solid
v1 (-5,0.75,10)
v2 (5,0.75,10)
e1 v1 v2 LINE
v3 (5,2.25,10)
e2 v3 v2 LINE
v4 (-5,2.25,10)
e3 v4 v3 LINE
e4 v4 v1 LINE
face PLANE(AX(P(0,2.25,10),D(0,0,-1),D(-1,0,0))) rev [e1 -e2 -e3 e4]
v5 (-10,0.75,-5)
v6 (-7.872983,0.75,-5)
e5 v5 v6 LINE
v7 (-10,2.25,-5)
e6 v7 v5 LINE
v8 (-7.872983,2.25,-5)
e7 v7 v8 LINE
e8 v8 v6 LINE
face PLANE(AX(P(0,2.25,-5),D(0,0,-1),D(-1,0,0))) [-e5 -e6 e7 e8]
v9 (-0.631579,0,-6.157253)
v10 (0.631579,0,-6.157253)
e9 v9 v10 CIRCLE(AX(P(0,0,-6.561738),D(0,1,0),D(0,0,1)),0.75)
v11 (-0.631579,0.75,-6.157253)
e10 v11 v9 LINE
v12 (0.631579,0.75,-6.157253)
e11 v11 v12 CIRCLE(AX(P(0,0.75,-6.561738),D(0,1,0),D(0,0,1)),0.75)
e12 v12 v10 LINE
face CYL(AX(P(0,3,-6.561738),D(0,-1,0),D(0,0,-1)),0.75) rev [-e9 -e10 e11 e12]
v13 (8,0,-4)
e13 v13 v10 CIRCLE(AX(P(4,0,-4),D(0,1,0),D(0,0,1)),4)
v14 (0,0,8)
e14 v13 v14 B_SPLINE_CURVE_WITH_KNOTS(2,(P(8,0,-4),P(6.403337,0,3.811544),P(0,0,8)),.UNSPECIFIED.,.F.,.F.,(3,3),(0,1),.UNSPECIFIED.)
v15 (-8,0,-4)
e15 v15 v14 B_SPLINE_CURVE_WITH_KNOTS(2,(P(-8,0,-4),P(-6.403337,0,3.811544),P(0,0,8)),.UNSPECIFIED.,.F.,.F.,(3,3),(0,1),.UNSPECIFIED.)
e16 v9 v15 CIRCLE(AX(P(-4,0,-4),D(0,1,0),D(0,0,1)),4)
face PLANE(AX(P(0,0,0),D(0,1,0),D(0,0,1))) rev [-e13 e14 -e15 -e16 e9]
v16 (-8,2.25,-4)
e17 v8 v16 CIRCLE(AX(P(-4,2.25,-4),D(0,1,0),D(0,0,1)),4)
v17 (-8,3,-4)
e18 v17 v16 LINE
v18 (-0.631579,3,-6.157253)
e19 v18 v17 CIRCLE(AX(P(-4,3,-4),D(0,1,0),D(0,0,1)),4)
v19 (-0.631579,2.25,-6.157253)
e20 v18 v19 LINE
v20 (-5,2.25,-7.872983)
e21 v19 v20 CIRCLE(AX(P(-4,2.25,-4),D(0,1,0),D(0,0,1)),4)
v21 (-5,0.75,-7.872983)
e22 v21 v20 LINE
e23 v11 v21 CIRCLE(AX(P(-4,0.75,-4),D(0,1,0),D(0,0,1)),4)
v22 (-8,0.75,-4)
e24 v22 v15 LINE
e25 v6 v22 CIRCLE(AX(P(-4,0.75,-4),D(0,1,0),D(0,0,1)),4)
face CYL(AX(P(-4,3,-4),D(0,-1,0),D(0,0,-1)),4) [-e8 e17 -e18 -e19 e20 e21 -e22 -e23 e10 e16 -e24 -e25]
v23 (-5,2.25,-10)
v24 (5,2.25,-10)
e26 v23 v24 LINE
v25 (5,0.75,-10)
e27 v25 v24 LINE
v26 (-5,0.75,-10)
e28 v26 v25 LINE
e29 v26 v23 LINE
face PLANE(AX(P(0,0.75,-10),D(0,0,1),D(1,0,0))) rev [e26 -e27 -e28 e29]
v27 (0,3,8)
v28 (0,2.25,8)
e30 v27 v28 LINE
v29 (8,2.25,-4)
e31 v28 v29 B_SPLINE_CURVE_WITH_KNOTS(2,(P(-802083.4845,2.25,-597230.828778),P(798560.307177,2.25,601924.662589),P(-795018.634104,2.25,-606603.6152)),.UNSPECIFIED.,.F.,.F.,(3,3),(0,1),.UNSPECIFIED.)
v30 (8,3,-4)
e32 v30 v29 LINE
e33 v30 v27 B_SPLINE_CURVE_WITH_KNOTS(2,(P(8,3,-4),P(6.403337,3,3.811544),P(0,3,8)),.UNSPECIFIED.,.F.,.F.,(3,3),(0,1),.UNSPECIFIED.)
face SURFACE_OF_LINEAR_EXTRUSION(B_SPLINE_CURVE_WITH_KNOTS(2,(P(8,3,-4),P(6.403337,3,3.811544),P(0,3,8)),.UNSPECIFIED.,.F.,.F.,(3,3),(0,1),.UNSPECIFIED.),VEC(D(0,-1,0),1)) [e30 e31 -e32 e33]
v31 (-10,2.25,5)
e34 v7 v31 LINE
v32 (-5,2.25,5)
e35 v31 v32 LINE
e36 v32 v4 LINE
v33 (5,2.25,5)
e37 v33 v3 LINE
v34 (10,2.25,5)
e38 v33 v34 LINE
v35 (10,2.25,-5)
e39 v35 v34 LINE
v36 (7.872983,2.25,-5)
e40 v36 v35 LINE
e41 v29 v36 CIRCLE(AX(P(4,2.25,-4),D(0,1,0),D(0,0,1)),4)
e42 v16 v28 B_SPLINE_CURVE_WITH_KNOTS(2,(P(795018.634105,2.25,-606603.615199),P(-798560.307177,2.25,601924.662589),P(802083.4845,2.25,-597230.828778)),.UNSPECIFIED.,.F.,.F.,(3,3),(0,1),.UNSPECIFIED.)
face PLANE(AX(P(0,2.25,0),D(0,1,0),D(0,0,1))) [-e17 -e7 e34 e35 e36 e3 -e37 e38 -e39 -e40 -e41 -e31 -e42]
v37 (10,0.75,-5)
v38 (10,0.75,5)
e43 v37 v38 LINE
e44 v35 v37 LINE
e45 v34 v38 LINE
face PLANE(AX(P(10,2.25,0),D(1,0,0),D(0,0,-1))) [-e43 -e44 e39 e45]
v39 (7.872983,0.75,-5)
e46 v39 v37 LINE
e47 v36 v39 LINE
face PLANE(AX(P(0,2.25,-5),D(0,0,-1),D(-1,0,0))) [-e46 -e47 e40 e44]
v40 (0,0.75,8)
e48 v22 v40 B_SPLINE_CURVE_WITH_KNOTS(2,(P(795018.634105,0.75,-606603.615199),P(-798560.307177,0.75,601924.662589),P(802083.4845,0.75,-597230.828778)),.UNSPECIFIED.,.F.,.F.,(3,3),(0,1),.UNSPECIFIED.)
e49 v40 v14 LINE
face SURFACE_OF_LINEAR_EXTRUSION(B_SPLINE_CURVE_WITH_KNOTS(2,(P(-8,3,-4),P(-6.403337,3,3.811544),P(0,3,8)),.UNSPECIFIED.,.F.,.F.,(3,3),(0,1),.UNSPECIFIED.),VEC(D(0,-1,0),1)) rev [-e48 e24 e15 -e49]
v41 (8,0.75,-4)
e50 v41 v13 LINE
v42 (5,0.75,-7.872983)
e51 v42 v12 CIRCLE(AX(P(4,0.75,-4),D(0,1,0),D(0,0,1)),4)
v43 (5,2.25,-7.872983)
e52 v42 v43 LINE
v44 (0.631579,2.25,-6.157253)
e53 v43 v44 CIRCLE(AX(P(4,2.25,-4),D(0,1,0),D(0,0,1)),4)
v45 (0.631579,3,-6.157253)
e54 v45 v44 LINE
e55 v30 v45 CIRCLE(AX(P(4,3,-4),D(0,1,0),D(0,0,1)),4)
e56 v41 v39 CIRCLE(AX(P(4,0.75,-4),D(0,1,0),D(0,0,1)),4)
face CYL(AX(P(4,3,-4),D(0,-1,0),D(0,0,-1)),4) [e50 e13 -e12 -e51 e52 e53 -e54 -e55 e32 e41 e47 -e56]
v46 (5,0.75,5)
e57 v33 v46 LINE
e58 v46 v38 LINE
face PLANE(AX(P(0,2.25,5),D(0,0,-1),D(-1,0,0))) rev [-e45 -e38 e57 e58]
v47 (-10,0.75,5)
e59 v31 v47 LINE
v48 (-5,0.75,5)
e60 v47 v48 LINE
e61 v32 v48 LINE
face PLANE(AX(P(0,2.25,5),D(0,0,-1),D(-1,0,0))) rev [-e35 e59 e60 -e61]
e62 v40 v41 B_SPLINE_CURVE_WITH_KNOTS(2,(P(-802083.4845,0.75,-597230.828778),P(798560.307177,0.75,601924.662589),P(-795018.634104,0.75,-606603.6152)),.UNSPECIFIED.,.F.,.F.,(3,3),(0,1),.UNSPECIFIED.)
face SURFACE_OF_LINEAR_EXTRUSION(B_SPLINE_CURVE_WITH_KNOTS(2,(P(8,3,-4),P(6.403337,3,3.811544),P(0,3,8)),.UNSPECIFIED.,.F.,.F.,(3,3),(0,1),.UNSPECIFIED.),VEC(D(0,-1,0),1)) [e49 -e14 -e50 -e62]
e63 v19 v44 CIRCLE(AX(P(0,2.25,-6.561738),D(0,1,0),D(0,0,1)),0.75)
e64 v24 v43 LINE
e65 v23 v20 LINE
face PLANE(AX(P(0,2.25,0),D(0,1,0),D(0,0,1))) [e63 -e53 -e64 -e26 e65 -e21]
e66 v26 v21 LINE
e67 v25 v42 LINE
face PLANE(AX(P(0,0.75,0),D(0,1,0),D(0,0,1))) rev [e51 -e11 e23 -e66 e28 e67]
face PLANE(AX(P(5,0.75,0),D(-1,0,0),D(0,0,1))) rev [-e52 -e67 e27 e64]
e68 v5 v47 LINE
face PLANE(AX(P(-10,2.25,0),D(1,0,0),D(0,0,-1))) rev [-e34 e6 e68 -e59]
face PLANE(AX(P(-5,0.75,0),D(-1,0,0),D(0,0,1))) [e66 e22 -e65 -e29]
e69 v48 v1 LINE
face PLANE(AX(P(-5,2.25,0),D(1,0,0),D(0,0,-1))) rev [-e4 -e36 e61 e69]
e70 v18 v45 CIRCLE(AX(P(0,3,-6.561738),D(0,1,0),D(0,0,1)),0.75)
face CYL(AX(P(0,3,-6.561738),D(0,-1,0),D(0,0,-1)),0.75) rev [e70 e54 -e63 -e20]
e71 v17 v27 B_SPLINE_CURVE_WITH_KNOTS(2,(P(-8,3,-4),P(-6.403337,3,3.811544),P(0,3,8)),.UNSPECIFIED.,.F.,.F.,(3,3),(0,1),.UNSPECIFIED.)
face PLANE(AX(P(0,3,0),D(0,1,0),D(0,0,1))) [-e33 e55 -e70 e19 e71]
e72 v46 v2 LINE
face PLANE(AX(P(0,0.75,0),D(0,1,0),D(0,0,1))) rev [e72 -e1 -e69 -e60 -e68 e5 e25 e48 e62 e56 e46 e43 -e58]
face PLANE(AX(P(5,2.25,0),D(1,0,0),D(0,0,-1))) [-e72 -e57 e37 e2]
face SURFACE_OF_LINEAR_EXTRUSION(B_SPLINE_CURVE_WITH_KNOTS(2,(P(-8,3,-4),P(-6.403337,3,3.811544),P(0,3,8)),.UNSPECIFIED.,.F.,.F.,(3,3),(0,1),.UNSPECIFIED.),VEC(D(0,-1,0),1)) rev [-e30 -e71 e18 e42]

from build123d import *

# Parameters (mm, degrees)
BOSS_EXTRUDE3_DEPTH      = 3
SKETCH2_W                = 8.5
SKETCH2_H                = 10
SKETCH2_W_2              = 10
SKETCH2_H_2              = 20
BOSS_EXTRUDE4_DEPTH      = 0.75
BOSS_EXTRUDE4_DEPTH_BACK = 0.75


with BuildPart() as part:
    # Sketch1 → Boss-Extrude3 (new body)
    with BuildSketch(Plane(origin=(0, 0, 0), x_dir=(1, 0, 0), z_dir=(0, 1, 0))):
        with BuildLine():
            ThreePointArc((-0.631578947, 6.157252793), (-5.123902974, 7.83885948), (-8, 4))
            add(Edge.make_bspline(
                [(-8, 4), (-6.403336947, -3.811544104), (0, -8)],
                knots=[0, 0, 0, 1, 1, 1], degree=2))
            add(Edge.make_bspline(
                [(8, 4), (6.403336947, -3.811544104), (0, -8)],
                knots=[0, 0, 0, 1, 1, 1], degree=2))
            ThreePointArc((8, 4), (5.123902974, 7.83885948), (0.631578947, 6.157252793))
            ThreePointArc((0.631578947, 6.157252793), (0, 5.811737691), (-0.631578947, 6.157252793))
        make_face()
    extrude(amount=BOSS_EXTRUDE3_DEPTH)

    # Sketch2 → Boss-Extrude4 (add, two sides)
    with BuildSketch(Plane(origin=(0, 1.5, 0), x_dir=(1, 0, 0), z_dir=(0, 1, 0))) as boss_extrude4_sk:
        with Locations((-5.75, 0)):
            Rectangle(SKETCH2_W, SKETCH2_H)
        with Locations((5.75, 0)):
            Rectangle(SKETCH2_W, SKETCH2_H)
        Rectangle(SKETCH2_W_2, SKETCH2_H_2)
        with BuildLine():
            ThreePointArc((8, 3.999999998), (5.123902975, 7.838859479), (0.631578947, 6.157252793))
            ThreePointArc((0.631578947, 6.157252793), (0, 5.811737691), (-0.631578947, 6.157252793))
            ThreePointArc((-0.631578947, 6.157252793), (-5.123902974, 7.83885948), (-8, 4))
            add(Edge.make_bspline(
                [(-8, 4), (-6.403336946, -3.811544103), (3e-09, -7.999999998)],
                knots=[0, 0, 0, 1, 1, 1], degree=2))
            add(Edge.make_bspline(
                [(3e-09, -7.999999998), (6.403336946, -3.811544103), (8, 3.999999998)],
                knots=[0, 0, 0, 1, 1, 1], degree=2))
        make_face()
    extrude(amount=BOSS_EXTRUDE4_DEPTH)
    extrude(boss_extrude4_sk.sketch, amount=-BOSS_EXTRUDE4_DEPTH_BACK)


solid = part.part
